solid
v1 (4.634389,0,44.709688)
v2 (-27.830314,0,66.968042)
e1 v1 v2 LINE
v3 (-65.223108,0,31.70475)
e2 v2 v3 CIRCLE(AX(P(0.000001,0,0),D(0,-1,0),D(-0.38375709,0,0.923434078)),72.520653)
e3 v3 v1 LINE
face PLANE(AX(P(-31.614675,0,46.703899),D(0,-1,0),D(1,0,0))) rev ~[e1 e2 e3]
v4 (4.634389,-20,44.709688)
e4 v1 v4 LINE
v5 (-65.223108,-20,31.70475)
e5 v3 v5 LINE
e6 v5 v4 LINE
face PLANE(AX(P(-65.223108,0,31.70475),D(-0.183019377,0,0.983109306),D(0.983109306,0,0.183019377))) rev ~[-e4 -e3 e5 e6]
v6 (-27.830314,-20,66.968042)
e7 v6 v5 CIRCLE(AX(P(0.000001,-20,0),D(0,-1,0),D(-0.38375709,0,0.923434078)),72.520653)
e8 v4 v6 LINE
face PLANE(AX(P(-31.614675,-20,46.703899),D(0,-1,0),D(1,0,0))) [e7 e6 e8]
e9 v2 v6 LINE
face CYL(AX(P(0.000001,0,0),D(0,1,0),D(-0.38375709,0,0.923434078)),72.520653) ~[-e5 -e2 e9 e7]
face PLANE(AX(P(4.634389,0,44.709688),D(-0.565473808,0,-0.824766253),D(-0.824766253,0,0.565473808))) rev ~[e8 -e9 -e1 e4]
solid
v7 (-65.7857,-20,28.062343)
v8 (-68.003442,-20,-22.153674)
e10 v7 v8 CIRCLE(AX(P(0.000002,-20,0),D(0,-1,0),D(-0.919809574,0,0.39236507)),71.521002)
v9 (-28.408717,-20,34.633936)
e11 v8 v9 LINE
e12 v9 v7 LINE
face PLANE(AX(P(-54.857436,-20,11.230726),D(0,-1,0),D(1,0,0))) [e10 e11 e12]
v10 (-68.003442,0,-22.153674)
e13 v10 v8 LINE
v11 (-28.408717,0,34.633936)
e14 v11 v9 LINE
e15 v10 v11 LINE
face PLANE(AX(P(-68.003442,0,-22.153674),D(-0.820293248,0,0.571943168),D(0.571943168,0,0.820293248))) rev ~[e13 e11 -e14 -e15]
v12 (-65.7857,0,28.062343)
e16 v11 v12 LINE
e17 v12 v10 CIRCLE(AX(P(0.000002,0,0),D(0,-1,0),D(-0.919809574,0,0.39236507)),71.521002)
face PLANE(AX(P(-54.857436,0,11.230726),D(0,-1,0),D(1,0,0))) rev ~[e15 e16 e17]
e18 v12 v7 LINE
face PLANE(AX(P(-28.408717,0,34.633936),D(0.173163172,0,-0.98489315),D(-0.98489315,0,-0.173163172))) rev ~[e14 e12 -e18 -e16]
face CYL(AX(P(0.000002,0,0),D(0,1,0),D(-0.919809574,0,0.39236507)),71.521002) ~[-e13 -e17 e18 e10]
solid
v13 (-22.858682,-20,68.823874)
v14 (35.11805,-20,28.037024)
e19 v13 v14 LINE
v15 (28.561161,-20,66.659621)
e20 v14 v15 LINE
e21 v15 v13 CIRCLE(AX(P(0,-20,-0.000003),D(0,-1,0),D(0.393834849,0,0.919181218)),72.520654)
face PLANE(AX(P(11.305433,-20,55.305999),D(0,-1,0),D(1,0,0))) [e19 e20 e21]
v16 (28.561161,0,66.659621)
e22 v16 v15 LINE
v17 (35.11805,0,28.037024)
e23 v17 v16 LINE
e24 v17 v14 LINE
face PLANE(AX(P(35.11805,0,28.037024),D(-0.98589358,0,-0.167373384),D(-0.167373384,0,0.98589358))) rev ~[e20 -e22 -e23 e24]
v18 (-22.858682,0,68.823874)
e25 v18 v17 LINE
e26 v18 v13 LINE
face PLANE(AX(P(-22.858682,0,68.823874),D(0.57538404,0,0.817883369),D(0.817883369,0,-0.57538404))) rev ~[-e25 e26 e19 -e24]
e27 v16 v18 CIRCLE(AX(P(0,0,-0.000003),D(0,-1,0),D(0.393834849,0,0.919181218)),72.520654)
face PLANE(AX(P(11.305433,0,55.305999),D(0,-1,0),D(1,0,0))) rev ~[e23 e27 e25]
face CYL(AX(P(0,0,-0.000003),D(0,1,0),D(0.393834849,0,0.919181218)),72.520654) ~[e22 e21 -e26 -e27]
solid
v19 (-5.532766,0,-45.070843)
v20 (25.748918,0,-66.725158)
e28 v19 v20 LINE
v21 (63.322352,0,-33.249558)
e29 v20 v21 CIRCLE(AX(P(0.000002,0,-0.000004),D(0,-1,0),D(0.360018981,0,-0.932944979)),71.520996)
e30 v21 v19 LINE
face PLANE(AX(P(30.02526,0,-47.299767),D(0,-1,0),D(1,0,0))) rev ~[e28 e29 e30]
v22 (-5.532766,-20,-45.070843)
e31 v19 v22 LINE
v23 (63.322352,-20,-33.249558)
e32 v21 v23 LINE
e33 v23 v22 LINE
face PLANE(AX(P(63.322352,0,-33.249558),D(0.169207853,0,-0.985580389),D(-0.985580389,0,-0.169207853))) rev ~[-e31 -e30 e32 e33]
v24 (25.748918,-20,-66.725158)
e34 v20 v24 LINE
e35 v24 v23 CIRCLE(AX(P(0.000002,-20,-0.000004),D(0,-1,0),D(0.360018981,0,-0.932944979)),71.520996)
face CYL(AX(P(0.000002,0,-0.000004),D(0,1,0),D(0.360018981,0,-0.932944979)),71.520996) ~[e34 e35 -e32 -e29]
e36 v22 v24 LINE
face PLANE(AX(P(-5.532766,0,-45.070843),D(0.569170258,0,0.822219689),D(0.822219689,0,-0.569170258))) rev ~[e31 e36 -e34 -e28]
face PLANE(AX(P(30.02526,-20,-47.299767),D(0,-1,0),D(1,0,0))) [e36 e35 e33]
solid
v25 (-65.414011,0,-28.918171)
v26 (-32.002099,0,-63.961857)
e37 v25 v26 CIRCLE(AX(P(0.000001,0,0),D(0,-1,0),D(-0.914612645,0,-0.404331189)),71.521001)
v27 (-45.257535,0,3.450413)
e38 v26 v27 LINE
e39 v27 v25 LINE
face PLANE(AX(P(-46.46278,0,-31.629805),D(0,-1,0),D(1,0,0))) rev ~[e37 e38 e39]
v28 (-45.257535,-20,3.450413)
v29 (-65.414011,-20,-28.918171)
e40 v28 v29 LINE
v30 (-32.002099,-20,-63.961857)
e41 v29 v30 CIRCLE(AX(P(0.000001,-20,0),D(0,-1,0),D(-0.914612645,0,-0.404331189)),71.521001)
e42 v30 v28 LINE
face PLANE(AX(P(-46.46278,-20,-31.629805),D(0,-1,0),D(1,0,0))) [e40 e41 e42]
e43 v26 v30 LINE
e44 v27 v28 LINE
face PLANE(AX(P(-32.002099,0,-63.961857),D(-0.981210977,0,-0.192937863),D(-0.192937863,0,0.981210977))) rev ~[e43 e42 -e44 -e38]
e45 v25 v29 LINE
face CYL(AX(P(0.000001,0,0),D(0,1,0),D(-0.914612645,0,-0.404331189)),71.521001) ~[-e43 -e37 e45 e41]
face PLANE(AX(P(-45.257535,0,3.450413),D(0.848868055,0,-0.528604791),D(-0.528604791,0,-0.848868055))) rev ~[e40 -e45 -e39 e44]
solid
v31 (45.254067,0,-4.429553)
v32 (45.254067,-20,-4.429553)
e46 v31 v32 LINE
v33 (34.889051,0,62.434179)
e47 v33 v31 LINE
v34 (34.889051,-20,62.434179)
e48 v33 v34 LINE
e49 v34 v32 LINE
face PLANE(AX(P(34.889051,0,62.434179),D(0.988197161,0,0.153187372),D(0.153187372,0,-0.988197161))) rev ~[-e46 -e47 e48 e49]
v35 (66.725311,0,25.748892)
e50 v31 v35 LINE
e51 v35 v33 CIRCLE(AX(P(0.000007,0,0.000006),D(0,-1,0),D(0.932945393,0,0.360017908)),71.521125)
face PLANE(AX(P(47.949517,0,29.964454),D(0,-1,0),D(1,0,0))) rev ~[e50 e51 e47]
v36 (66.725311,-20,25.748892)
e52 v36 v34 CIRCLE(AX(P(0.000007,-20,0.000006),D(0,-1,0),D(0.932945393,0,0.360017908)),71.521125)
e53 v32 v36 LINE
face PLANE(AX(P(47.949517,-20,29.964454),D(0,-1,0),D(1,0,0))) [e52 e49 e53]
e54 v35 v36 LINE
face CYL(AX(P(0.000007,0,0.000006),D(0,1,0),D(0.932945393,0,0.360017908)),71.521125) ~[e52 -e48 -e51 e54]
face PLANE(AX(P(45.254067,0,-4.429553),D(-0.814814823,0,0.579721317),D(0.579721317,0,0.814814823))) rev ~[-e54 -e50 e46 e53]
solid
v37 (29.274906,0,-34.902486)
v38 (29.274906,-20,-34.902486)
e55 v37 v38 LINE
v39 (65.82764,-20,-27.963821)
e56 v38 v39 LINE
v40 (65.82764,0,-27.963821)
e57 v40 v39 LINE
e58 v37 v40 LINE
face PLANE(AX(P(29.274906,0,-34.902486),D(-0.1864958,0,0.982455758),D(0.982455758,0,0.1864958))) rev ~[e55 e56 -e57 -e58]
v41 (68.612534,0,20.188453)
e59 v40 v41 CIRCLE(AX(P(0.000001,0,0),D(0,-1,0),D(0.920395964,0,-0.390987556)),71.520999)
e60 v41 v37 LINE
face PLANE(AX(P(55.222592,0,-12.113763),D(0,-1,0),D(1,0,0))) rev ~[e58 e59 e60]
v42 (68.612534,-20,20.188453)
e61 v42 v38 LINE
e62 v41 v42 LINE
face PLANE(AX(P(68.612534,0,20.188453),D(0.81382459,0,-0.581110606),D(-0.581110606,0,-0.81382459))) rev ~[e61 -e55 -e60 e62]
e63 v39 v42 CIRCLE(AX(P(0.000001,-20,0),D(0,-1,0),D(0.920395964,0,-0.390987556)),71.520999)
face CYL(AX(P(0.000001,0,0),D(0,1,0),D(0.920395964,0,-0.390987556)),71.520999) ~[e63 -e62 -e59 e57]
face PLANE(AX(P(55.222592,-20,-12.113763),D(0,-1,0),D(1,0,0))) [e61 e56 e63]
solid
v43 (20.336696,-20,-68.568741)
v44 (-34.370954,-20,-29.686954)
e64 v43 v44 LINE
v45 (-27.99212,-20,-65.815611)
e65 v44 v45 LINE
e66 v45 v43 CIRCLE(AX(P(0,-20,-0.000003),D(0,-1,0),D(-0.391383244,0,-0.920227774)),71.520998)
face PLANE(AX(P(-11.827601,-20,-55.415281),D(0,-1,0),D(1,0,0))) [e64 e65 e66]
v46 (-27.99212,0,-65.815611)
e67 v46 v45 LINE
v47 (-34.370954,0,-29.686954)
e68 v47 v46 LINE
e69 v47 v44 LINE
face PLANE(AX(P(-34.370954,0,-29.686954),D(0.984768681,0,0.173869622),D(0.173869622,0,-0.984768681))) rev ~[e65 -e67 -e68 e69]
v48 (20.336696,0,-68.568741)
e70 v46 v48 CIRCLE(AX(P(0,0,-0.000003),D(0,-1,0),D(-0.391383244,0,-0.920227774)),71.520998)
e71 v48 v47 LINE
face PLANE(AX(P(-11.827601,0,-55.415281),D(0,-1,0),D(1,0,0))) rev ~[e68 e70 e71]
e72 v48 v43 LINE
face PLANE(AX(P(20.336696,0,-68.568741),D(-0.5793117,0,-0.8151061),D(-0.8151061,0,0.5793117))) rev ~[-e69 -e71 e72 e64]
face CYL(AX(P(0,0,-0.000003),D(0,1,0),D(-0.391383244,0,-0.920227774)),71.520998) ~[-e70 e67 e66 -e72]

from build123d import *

# Parameters (mm, degrees)
F8_DEPTH = 20


with BuildPart() as f8:
    # F1 (on Front) + F0 (on Front) + F7 (on Front) + F6 (on Front) + F5 (on Front) + F4 (on Front) + F3 (on Front) + F2 (on Front) → F8 (new body)
    with BuildSketch(Plane.XZ):
        with BuildLine():
            ThreePointArc((28.561161, 66.659621), (3.049683, 72.4565), (-22.858682, 68.823874))
            Line((-22.858682, 68.823874), (35.11805, 28.037024))
            Line((35.11805, 28.037024), (28.561161, 66.659621))
        make_face()
    with BuildSketch(Plane.XZ):
        with BuildLine():
            ThreePointArc((-27.830314, 66.968042), (-49.7555, 52.760167), (-65.223108, 31.70475))
            Line((-65.223108, 31.70475), (4.634389, 44.709688))
            Line((4.634389, 44.709688), (-27.830314, 66.968042))
        make_face()
    with BuildSketch(Plane.XZ):
        with BuildLine():
            ThreePointArc((-65.7857, 28.062343), (-71.451352, 3.15558), (-68.003442, -22.153674))
            Line((-68.003442, -22.153674), (-28.408717, 34.633936))
            Line((-28.408717, 34.633936), (-65.7857, 28.062343))
        make_face()
    with BuildSketch(Plane.XZ):
        with BuildLine():
            ThreePointArc((-65.414011, -28.918171), (-51.763787, -49.353458), (-32.002099, -63.961857))
            Line((-32.002099, -63.961857), (-45.257535, 3.450413))
            Line((-45.257535, 3.450413), (-65.414011, -28.918171))
        make_face()
    with BuildSketch(Plane.XZ):
        with BuildLine():
            ThreePointArc((-27.99212, -65.815611), (-4.067715, -71.405232), (20.336696, -68.568741))
            Line((20.336696, -68.568741), (-34.370954, -29.686954))
            Line((-34.370954, -29.686954), (-27.99212, -65.815611))
        make_face()
    with BuildSketch(Plane.XZ):
        with BuildLine():
            ThreePointArc((25.748918, -66.725158), (47.577061, -53.401093), (63.322352, -33.249558))
            Line((63.322352, -33.249558), (-5.532766, -45.070843))
            Line((-5.532766, -45.070843), (25.748918, -66.725158))
        make_face()
    with BuildSketch(Plane.XZ):
        with BuildLine():
            ThreePointArc((65.82764, -27.963821), (71.401684, -4.129527), (68.612534, 20.188453))
            Line((68.612534, 20.188453), (29.274906, -34.902486))
            Line((29.274906, -34.902486), (65.82764, -27.963821))
        make_face()
    with BuildSketch(Plane.XZ):
        with BuildLine():
            ThreePointArc((66.725311, 25.748892), (54.01687, 46.876971), (34.889051, 62.434179))
            Line((34.889051, 62.434179), (45.254067, -4.429553))
            Line((45.254067, -4.429553), (66.725311, 25.748892))
        make_face()
    extrude(amount=F8_DEPTH)


solid = f8.part
